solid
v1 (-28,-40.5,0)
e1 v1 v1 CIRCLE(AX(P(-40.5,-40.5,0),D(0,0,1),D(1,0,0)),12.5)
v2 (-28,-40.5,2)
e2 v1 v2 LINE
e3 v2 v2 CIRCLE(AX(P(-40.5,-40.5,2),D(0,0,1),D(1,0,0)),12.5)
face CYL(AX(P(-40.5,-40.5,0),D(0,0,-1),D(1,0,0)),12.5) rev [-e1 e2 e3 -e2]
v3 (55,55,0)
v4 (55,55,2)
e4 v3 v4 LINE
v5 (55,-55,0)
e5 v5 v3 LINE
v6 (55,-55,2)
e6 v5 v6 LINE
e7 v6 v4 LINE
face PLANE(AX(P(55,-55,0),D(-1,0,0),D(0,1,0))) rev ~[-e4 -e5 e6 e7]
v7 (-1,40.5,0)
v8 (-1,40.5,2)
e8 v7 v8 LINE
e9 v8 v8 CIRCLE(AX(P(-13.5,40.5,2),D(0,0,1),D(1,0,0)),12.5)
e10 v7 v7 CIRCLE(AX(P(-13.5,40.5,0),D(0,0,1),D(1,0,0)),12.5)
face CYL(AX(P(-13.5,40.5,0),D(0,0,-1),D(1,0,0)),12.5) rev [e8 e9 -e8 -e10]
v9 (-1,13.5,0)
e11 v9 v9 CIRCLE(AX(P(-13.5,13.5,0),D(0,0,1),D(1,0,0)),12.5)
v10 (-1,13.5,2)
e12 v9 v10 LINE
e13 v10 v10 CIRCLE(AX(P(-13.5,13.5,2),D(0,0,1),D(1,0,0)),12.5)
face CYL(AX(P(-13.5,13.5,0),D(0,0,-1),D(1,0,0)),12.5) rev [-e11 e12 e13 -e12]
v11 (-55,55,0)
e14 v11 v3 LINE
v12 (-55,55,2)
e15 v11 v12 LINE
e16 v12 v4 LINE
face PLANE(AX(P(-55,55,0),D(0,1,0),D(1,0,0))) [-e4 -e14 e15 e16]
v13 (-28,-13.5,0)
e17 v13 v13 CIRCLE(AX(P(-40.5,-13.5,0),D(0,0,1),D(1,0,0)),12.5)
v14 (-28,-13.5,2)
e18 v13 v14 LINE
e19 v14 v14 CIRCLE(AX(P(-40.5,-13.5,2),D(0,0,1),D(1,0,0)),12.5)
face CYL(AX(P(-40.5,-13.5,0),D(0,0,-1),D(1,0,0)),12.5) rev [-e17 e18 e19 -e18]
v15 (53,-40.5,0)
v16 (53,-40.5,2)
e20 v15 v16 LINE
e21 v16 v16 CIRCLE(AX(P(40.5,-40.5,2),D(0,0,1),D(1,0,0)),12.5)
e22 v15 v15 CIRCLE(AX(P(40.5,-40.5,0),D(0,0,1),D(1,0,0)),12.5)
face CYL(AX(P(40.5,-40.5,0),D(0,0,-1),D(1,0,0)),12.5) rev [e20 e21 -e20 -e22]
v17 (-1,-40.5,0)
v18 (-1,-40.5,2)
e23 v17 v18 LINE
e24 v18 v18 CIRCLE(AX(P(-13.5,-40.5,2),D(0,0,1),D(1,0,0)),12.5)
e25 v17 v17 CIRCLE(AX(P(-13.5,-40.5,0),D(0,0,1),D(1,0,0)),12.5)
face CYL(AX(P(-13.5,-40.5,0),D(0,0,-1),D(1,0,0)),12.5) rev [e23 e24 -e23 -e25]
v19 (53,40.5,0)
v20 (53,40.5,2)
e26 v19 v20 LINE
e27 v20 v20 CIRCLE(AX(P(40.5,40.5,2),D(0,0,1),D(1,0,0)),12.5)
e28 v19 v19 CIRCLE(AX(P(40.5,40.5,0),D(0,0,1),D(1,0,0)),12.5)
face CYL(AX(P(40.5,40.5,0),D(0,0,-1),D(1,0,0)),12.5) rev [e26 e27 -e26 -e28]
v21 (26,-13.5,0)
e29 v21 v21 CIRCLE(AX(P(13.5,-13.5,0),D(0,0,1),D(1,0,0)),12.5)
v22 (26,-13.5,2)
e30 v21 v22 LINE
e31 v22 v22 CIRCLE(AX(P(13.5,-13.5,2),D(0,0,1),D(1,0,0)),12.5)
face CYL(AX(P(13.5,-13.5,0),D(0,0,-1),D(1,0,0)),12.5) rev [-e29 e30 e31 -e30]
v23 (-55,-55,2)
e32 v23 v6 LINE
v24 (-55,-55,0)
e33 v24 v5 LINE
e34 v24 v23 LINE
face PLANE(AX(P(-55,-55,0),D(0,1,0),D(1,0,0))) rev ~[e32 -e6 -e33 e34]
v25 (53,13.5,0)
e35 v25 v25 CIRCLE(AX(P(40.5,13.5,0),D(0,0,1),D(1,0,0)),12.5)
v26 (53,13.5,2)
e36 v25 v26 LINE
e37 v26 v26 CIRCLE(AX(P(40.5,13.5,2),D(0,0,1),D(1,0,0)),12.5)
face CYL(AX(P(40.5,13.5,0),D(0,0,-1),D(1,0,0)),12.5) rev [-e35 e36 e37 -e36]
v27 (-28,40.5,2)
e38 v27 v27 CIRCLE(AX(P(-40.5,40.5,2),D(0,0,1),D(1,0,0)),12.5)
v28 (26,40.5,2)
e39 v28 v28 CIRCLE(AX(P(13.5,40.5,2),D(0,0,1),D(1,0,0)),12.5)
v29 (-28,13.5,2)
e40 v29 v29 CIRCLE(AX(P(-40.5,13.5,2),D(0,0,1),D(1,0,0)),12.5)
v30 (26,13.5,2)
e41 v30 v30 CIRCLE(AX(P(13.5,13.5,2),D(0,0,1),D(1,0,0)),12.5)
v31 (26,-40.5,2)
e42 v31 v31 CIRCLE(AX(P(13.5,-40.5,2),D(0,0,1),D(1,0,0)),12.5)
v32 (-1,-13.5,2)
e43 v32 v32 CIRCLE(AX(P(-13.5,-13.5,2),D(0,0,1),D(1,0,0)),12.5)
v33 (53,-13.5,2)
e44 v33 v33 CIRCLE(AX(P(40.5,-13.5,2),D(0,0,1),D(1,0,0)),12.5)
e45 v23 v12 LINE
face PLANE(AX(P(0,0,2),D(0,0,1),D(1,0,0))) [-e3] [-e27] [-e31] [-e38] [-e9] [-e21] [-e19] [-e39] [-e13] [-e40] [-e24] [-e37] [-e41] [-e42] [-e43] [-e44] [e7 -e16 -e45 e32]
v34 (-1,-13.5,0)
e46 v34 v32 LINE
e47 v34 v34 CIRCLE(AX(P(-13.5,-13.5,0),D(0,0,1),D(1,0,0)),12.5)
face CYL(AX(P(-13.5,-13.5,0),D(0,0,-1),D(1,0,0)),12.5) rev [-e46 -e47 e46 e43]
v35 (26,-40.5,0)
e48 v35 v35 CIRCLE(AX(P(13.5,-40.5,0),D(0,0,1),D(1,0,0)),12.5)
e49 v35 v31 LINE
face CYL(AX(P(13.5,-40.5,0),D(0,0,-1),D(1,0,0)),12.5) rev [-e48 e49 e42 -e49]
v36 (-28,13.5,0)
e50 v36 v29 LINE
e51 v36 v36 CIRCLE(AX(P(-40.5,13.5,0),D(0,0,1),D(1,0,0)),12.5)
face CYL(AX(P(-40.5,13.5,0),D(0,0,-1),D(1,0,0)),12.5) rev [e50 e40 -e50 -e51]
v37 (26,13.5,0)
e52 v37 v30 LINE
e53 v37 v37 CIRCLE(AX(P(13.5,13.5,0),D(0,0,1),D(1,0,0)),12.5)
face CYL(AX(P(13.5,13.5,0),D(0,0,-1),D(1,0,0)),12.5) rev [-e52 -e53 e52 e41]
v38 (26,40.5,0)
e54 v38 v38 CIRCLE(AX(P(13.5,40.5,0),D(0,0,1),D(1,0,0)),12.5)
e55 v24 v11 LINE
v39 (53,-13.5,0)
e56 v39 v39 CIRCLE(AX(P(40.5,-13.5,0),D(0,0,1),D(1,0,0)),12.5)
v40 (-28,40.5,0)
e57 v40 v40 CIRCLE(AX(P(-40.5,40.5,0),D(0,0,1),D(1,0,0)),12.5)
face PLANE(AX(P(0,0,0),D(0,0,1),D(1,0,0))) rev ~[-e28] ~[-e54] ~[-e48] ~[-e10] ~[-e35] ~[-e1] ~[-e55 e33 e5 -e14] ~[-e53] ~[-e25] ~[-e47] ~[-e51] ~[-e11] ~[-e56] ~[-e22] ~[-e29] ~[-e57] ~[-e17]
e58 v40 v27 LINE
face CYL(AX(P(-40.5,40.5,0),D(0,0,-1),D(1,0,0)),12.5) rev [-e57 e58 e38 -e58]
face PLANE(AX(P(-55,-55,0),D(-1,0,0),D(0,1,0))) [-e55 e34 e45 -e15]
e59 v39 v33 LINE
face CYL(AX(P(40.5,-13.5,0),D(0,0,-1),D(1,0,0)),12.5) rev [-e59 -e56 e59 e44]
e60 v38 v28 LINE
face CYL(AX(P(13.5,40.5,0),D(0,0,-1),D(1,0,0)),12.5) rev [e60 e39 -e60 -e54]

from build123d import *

# Parameters (mm, degrees)
SKETCH_W  = 110
SKETCH_H  = 110
SKETCH_R  = 12.5
PAD_DEPTH = 2


with BuildPart() as part:
    # Sketch → Pad (new body)
    with BuildSketch(Plane.XY):
        Rectangle(SKETCH_W, SKETCH_H)
        with Locations((-40.5, 40.5)):
            Circle(SKETCH_R, mode=Mode.SUBTRACT)
        with Locations((-13.5, 40.5)):
            Circle(SKETCH_R, mode=Mode.SUBTRACT)
        with Locations((13.5, 40.5)):
            Circle(SKETCH_R, mode=Mode.SUBTRACT)
        with Locations((40.5, 40.5)):
            Circle(SKETCH_R, mode=Mode.SUBTRACT)
        with Locations((-40.5, 13.5)):
            Circle(SKETCH_R, mode=Mode.SUBTRACT)
        with Locations((-13.5, 13.5)):
            Circle(SKETCH_R, mode=Mode.SUBTRACT)
        with Locations((13.5, 13.5)):
            Circle(SKETCH_R, mode=Mode.SUBTRACT)
        with Locations((40.5, 13.5)):
            Circle(SKETCH_R, mode=Mode.SUBTRACT)
        with Locations((-40.5, -13.5)):
            Circle(SKETCH_R, mode=Mode.SUBTRACT)
        with Locations((-13.5, -13.5)):
            Circle(SKETCH_R, mode=Mode.SUBTRACT)
        with Locations((13.5, -13.5)):
            Circle(SKETCH_R, mode=Mode.SUBTRACT)
        with Locations((40.5, -13.5)):
            Circle(SKETCH_R, mode=Mode.SUBTRACT)
        with Locations((-40.5, -40.5)):
            Circle(SKETCH_R, mode=Mode.SUBTRACT)
        with Locations((-13.5, -40.5)):
            Circle(SKETCH_R, mode=Mode.SUBTRACT)
        with Locations((13.5, -40.5)):
            Circle(SKETCH_R, mode=Mode.SUBTRACT)
        with Locations((40.5, -40.5)):
            Circle(SKETCH_R, mode=Mode.SUBTRACT)
    extrude(amount=PAD_DEPTH)


solid = part.part
